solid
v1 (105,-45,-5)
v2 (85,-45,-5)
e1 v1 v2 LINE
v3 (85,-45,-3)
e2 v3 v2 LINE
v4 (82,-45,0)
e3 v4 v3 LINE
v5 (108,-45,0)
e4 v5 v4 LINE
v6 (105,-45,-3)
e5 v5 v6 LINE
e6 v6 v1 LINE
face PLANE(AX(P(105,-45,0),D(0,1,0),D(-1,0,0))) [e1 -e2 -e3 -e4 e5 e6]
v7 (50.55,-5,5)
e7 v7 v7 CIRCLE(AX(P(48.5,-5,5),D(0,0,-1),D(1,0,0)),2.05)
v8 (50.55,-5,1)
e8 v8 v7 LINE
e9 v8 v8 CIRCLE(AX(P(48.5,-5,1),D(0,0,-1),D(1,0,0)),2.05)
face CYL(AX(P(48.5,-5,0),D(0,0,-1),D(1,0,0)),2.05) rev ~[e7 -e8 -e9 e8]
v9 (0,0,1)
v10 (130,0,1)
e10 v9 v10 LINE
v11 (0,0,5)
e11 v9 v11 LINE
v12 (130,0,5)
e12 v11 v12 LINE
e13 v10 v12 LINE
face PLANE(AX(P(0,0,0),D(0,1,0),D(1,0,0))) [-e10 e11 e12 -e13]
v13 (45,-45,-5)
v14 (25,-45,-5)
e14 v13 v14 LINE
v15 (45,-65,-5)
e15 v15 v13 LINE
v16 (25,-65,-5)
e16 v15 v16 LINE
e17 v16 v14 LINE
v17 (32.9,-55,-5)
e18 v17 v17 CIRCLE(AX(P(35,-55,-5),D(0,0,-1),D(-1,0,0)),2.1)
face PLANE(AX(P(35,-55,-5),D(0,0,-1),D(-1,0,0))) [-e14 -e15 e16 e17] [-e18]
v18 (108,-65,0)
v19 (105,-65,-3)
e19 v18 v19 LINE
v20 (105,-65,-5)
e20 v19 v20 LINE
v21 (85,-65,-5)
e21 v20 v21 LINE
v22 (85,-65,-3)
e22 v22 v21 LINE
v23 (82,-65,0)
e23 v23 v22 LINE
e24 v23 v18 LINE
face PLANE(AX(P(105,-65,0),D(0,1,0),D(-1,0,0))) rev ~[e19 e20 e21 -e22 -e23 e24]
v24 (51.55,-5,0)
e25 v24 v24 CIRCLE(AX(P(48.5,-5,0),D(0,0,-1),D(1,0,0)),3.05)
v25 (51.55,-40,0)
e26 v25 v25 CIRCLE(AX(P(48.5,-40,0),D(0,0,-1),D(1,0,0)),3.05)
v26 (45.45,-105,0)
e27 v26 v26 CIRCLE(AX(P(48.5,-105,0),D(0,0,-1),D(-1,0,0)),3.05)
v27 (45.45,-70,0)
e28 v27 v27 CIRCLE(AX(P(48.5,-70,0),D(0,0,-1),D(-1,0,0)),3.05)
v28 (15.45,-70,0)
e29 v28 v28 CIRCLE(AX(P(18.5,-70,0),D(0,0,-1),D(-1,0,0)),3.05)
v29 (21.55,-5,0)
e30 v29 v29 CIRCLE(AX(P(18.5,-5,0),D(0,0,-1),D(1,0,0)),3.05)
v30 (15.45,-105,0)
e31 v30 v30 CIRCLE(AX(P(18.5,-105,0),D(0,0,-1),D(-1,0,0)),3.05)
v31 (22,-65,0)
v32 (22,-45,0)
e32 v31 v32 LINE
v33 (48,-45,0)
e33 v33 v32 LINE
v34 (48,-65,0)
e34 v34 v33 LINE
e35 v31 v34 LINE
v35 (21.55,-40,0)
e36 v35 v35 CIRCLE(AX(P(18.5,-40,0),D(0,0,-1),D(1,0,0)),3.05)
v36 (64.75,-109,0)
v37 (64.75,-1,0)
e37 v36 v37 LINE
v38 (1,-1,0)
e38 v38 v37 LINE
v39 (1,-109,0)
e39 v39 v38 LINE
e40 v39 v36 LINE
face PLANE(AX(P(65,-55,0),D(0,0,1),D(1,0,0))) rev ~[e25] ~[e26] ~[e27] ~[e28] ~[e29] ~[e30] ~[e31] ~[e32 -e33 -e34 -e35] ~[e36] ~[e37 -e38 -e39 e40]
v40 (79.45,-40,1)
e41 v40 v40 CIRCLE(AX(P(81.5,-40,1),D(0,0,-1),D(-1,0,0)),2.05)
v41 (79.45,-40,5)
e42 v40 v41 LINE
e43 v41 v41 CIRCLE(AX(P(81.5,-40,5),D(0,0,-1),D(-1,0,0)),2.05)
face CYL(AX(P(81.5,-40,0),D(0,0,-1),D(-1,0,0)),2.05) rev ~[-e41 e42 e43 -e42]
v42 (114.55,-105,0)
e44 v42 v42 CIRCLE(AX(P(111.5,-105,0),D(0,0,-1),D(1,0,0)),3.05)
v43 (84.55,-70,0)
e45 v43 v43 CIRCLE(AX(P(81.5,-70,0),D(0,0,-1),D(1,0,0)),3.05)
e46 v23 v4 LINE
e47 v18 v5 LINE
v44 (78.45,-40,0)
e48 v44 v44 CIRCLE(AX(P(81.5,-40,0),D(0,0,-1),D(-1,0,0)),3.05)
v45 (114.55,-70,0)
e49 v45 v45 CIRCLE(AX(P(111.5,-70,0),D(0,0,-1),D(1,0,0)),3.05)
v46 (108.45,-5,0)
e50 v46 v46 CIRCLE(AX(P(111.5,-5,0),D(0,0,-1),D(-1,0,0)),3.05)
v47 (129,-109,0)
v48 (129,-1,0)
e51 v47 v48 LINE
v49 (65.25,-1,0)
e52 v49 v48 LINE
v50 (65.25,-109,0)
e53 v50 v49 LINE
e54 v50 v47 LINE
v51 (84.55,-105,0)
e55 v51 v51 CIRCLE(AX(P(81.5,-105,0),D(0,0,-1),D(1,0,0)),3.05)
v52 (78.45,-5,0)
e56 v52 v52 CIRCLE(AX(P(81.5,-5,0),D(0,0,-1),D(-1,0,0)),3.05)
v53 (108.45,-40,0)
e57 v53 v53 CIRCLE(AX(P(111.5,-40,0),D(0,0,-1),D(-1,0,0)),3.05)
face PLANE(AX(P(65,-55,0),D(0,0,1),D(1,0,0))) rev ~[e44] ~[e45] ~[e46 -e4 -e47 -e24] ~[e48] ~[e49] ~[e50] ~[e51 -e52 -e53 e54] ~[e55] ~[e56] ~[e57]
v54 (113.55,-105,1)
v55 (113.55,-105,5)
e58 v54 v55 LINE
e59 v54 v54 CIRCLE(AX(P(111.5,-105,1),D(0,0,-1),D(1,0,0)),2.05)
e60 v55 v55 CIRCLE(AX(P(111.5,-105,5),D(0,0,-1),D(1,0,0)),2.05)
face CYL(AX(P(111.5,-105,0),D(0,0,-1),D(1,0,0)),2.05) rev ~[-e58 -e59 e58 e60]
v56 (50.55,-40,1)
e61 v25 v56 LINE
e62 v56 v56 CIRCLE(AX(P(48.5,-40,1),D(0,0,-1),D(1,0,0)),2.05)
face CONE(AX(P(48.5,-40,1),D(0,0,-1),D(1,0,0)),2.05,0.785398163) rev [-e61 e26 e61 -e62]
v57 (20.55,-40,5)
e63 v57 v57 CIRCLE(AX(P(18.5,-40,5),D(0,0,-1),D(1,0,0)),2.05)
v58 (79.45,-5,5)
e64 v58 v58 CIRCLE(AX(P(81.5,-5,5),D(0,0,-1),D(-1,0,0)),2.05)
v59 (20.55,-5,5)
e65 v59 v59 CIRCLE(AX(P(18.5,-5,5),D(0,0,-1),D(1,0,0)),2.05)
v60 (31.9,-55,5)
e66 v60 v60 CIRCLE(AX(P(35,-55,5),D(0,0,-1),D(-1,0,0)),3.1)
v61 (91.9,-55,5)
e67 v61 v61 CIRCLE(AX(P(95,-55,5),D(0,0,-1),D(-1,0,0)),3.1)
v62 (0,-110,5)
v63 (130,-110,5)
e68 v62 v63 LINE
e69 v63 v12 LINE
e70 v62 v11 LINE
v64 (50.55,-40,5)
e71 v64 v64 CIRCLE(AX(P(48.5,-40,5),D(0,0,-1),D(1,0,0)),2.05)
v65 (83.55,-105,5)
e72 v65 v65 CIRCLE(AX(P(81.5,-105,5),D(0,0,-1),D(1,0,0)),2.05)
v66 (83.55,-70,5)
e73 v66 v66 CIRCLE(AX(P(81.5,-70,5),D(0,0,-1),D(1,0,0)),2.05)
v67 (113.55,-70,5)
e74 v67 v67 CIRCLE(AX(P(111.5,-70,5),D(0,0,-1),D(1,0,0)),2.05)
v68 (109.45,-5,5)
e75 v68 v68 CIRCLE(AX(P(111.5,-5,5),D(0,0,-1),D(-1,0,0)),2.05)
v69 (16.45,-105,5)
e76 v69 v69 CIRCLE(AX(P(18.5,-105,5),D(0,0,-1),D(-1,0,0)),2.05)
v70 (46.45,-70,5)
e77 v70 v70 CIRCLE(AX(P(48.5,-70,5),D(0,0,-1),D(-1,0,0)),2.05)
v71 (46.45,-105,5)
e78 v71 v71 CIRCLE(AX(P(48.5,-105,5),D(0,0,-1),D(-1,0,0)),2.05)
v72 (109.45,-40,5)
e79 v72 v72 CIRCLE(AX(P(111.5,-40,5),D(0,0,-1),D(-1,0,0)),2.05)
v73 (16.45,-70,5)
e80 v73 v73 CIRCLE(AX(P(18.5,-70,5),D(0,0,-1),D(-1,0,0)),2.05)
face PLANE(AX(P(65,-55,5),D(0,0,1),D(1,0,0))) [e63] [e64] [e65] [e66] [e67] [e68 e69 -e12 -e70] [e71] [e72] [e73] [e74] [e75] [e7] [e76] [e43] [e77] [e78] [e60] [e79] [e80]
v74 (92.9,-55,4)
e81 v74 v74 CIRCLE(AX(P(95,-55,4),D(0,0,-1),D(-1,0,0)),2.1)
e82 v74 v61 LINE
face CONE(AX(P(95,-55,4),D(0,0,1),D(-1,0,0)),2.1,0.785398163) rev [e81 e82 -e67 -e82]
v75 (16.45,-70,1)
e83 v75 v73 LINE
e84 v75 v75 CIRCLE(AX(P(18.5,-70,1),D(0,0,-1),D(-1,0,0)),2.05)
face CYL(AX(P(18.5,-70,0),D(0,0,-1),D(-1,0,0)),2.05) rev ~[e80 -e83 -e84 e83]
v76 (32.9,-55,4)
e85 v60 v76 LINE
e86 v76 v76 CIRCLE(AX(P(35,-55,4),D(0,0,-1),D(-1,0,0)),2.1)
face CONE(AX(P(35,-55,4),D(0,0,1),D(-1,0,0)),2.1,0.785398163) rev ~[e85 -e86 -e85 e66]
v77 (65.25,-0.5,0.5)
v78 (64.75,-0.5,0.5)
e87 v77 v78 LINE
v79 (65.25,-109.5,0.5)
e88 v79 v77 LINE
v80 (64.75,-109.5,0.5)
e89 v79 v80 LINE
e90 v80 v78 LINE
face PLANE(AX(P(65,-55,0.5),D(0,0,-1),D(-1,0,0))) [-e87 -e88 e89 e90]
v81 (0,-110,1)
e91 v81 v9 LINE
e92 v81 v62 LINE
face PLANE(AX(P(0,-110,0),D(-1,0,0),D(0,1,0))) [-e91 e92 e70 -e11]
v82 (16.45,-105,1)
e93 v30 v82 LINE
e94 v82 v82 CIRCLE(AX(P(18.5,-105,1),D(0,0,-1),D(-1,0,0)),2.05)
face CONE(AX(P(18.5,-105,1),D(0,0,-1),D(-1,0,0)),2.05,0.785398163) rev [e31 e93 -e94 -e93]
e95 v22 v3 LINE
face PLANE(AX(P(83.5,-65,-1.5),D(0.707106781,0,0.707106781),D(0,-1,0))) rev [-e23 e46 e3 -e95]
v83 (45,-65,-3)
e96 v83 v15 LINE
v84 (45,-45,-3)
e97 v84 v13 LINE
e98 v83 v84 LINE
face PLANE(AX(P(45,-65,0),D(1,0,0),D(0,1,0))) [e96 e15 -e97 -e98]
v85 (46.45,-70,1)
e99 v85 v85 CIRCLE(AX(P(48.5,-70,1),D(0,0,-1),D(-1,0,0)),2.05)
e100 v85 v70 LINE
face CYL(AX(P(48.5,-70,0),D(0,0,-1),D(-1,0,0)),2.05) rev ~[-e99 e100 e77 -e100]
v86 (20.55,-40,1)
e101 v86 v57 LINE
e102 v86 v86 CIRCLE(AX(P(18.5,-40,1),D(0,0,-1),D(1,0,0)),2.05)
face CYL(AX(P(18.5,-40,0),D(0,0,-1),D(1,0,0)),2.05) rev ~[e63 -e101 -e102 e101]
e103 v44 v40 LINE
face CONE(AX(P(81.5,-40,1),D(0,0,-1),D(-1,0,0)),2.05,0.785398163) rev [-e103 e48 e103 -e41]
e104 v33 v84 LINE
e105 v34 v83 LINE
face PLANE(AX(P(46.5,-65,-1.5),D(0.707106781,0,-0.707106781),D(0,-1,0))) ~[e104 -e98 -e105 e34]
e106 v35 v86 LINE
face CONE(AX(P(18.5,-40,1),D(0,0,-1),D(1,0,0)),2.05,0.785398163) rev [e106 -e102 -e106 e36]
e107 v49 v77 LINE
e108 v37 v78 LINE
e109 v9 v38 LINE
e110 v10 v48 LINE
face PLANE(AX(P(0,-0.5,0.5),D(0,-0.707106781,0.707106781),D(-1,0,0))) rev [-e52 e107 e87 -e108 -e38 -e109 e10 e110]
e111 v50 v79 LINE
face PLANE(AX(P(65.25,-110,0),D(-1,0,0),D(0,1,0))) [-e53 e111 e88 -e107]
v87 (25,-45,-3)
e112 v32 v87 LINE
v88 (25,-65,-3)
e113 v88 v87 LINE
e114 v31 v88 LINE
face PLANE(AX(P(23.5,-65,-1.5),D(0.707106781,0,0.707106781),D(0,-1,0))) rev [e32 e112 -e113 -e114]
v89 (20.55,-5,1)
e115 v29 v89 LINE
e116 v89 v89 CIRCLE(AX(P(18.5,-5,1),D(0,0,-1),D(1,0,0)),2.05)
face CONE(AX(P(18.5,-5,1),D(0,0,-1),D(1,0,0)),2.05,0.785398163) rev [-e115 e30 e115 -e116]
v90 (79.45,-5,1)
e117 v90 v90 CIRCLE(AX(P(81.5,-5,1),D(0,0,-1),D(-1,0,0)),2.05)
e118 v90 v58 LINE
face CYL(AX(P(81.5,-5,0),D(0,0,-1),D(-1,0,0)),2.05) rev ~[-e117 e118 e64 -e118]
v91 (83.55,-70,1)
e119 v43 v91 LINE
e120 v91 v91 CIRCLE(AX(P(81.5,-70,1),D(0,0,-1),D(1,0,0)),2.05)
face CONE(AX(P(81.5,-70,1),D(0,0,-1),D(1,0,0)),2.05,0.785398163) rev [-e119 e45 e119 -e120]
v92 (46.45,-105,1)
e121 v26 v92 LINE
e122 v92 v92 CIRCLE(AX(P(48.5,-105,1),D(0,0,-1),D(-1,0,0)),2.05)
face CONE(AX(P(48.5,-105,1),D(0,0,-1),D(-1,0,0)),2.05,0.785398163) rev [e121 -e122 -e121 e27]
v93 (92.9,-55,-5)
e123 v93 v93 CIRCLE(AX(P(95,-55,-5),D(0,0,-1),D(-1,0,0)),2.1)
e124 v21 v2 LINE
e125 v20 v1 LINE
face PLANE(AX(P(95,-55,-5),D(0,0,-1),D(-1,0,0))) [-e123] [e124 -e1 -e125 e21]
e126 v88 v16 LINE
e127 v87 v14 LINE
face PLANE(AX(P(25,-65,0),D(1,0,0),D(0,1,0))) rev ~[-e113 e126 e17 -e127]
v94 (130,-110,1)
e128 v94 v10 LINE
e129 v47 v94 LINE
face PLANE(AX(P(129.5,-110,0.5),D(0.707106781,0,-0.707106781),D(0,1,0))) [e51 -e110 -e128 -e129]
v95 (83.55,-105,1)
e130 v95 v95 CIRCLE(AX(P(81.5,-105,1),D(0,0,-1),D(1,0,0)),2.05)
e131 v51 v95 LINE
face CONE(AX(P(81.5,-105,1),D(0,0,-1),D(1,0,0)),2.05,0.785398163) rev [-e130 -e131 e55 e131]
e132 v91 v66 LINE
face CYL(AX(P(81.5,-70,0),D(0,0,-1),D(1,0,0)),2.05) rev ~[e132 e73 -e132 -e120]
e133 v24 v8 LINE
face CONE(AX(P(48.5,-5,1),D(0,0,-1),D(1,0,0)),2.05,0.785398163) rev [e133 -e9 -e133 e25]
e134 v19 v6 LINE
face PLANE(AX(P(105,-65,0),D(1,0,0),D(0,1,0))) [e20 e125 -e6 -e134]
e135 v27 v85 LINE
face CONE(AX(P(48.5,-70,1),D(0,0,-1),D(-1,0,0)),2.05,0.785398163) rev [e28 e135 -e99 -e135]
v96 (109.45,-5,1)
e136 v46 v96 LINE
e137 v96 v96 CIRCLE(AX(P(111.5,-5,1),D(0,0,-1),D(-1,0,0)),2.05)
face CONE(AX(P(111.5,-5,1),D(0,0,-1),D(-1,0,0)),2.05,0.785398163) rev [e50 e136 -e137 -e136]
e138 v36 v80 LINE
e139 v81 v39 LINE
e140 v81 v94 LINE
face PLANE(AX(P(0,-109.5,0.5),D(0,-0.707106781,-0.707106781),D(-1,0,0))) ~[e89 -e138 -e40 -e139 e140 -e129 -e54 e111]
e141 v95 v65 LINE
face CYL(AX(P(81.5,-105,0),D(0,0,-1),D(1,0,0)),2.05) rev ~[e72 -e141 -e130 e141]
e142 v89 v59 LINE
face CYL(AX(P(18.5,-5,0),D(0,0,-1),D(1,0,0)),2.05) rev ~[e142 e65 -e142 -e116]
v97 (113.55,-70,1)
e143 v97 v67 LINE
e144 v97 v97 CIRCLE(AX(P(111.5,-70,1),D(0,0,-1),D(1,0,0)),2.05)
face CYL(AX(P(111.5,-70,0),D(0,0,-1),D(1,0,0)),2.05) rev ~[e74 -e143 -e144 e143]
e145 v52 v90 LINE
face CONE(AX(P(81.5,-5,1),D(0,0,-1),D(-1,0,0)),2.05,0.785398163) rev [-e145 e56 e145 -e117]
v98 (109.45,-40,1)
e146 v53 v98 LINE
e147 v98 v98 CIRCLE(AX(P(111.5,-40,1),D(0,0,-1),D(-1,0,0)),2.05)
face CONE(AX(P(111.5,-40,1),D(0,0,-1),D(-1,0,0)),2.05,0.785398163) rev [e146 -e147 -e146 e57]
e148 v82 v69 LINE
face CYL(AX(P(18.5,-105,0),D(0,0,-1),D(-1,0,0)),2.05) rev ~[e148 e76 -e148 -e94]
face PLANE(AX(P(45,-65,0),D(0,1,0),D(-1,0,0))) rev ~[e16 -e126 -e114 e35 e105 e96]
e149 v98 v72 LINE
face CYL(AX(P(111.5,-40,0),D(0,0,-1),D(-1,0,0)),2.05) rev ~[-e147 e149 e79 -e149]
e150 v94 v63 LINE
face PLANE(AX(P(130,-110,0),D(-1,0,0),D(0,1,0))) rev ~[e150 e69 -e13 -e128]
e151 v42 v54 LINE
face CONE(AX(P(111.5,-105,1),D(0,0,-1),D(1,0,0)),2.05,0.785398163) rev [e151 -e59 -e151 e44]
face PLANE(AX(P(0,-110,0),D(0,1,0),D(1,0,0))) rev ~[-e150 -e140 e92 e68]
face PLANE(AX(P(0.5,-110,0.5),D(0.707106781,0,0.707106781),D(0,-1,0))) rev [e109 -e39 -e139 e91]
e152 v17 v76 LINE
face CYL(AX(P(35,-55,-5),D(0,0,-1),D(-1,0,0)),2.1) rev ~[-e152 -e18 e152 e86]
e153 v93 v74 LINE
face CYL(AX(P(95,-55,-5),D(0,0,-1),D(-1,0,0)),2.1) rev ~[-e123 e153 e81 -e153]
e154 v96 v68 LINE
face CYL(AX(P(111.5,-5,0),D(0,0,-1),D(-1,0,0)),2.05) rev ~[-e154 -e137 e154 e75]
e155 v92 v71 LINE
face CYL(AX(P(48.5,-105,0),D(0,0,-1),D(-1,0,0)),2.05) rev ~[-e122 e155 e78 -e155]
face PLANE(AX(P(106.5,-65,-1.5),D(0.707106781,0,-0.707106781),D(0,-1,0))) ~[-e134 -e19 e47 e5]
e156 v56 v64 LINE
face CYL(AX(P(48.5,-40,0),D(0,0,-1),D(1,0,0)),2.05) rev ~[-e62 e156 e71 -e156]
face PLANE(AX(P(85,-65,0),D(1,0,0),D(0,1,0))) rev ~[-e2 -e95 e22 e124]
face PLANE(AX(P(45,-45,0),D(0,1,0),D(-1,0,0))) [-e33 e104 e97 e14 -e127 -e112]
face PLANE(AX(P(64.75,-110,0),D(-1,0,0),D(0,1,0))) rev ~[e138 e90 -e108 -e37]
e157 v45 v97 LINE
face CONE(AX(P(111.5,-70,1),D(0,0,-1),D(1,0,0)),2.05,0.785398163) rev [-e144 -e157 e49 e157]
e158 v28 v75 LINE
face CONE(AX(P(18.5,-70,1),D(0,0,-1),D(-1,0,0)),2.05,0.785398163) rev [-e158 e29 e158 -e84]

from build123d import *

# Parameters (mm, degrees)
SKETCH_1_W          = 130
SKETCH_1_H          = 110
EXTRUDE_1_DEPTH     = 5
SKETCH_4_R          = 2.05
CUT_EXTRUDE_1_DEPTH = 5
CHAMFER_2_SIZE      = 1
SKETCH_6_W          = 20
SKETCH_6_H          = 20
EXTRUDE_2_DEPTH     = 5
CHAMFER_3_SIZE      = 3
SKETCH_7_R          = 2.1
CUT_EXTRUDE_2_DEPTH = 49
CHAMFER_4_SIZE      = 1
SKETCH_8_W          = 0.5
SKETCH_8_H          = 110
CUT_EXTRUDE_3_DEPTH = 0.5


with BuildPart() as part:
    # 草图1 → 凸台-拉伸1 (new body)
    with BuildSketch(Plane.XY):
        with Locations((65, -55)):
            Rectangle(SKETCH_1_W, SKETCH_1_H)
    extrude(amount=EXTRUDE_1_DEPTH)

    # 草图4 → 切除-拉伸1 (cut)
    with BuildSketch(Plane(origin=(0, 0, 0), x_dir=(-1, 0, 0), z_dir=(0, 0, -1))):
        with Locations((-111.5, -5)):
            Circle(SKETCH_4_R)
        with Locations((-81.5, -5)):
            Circle(SKETCH_4_R)
        with Locations((-111.5, -40)):
            Circle(SKETCH_4_R)
        with Locations((-81.5, -40)):
            Circle(SKETCH_4_R)
        with Locations(Location((-48.5, -40, 0), (0, 0, 180))):
            Circle(SKETCH_4_R)
        with Locations(Location((-18.5, -40, 0), (0, 0, 180))):
            Circle(SKETCH_4_R)
        with Locations(Location((-18.5, -5, 0), (0, 0, 180))):
            Circle(SKETCH_4_R)
        with Locations(Location((-48.5, -5, 0), (0, 0, 180))):
            Circle(SKETCH_4_R)
        with Locations((-48.5, -105)):
            Circle(SKETCH_4_R)
        with Locations((-18.5, -105)):
            Circle(SKETCH_4_R)
        with Locations((-18.5, -70)):
            Circle(SKETCH_4_R)
        with Locations((-48.5, -70)):
            Circle(SKETCH_4_R)
        with Locations(Location((-81.5, -70, 0), (0, 0, 180))):
            Circle(SKETCH_4_R)
        with Locations(Location((-111.5, -70, 0), (0, 0, 180))):
            Circle(SKETCH_4_R)
        with Locations(Location((-81.5, -105, 0), (0, 0, 180))):
            Circle(SKETCH_4_R)
        with Locations(Location((-111.5, -105, 0), (0, 0, 180))):
            Circle(SKETCH_4_R)
    extrude(amount=-CUT_EXTRUDE_1_DEPTH, mode=Mode.SUBTRACT)

    # 倒角2
    chamfer_2_edges = [part.edges().sort_by_distance(p)[0] for p in [
        (50.55, -105, 0),
        (46.45, -5, 0),
        (16.45, -5, 0),
        (16.45, -40, 0),
        (83.55, -5, 0),
        (113.55, -40, 0),
        (83.55, -40, 0),
        (65, 0, 0),
        (46.45, -40, 0),
        (109.45, -70, 0),
        (130, -55, 0),
        (79.45, -105, 0),
        (109.45, -105, 0),
        (65, -110, 0),
        (79.45, -70, 0),
        (50.55, -70, 0),
        (0, -55, 0),
        (20.55, -70, 0),
        (20.55, -105, 0),
        (113.55, -5, 0),
    ]]
    chamfer(chamfer_2_edges, length=CHAMFER_2_SIZE)

    # 草图6 → 凸台-拉伸2 (add)
    with BuildSketch(Plane(origin=(0, 0, 0), x_dir=(-1, 0, 0), z_dir=(0, 0, -1))):
        with Locations((-95, -55)):
            Rectangle(SKETCH_6_W, SKETCH_6_H)
        with Locations((-35, -55)):
            Rectangle(SKETCH_6_W, SKETCH_6_H)
    extrude(amount=EXTRUDE_2_DEPTH)

    # 倒角3
    chamfer_3_edges = [part.edges().sort_by_distance(p)[0] for p in [
        (105, -55, 0),
        (85, -55, 0),
        (45, -55, 0),
        (25, -55, 0),
    ]]
    chamfer(chamfer_3_edges, length=CHAMFER_3_SIZE)

    # 草图7 → 切除-拉伸2 (cut)
    with BuildSketch(Plane(origin=(0, 0, -5), x_dir=(-1, 0, 0), z_dir=(0, 0, -1))):
        with Locations((-95, -55)):
            Circle(SKETCH_7_R)
        with Locations((-35, -55)):
            Circle(SKETCH_7_R)
    extrude(amount=-CUT_EXTRUDE_2_DEPTH, mode=Mode.SUBTRACT)

    # 倒角4
    chamfer_4_edges = [part.edges().sort_by_distance(p)[0] for p in [
        (97.1, -55, 5),
        (37.1, -55, 5),
    ]]
    chamfer(chamfer_4_edges, length=CHAMFER_4_SIZE)

    # 草图8 → 切除-拉伸3 (cut)
    with BuildSketch(Plane(origin=(0, 0, 0), x_dir=(-1, 0, 0), z_dir=(0, 0, -1))):
        with Locations((-65, -55)):
            Rectangle(SKETCH_8_W, SKETCH_8_H)
    extrude(amount=-CUT_EXTRUDE_3_DEPTH, mode=Mode.SUBTRACT)


solid = part.part
